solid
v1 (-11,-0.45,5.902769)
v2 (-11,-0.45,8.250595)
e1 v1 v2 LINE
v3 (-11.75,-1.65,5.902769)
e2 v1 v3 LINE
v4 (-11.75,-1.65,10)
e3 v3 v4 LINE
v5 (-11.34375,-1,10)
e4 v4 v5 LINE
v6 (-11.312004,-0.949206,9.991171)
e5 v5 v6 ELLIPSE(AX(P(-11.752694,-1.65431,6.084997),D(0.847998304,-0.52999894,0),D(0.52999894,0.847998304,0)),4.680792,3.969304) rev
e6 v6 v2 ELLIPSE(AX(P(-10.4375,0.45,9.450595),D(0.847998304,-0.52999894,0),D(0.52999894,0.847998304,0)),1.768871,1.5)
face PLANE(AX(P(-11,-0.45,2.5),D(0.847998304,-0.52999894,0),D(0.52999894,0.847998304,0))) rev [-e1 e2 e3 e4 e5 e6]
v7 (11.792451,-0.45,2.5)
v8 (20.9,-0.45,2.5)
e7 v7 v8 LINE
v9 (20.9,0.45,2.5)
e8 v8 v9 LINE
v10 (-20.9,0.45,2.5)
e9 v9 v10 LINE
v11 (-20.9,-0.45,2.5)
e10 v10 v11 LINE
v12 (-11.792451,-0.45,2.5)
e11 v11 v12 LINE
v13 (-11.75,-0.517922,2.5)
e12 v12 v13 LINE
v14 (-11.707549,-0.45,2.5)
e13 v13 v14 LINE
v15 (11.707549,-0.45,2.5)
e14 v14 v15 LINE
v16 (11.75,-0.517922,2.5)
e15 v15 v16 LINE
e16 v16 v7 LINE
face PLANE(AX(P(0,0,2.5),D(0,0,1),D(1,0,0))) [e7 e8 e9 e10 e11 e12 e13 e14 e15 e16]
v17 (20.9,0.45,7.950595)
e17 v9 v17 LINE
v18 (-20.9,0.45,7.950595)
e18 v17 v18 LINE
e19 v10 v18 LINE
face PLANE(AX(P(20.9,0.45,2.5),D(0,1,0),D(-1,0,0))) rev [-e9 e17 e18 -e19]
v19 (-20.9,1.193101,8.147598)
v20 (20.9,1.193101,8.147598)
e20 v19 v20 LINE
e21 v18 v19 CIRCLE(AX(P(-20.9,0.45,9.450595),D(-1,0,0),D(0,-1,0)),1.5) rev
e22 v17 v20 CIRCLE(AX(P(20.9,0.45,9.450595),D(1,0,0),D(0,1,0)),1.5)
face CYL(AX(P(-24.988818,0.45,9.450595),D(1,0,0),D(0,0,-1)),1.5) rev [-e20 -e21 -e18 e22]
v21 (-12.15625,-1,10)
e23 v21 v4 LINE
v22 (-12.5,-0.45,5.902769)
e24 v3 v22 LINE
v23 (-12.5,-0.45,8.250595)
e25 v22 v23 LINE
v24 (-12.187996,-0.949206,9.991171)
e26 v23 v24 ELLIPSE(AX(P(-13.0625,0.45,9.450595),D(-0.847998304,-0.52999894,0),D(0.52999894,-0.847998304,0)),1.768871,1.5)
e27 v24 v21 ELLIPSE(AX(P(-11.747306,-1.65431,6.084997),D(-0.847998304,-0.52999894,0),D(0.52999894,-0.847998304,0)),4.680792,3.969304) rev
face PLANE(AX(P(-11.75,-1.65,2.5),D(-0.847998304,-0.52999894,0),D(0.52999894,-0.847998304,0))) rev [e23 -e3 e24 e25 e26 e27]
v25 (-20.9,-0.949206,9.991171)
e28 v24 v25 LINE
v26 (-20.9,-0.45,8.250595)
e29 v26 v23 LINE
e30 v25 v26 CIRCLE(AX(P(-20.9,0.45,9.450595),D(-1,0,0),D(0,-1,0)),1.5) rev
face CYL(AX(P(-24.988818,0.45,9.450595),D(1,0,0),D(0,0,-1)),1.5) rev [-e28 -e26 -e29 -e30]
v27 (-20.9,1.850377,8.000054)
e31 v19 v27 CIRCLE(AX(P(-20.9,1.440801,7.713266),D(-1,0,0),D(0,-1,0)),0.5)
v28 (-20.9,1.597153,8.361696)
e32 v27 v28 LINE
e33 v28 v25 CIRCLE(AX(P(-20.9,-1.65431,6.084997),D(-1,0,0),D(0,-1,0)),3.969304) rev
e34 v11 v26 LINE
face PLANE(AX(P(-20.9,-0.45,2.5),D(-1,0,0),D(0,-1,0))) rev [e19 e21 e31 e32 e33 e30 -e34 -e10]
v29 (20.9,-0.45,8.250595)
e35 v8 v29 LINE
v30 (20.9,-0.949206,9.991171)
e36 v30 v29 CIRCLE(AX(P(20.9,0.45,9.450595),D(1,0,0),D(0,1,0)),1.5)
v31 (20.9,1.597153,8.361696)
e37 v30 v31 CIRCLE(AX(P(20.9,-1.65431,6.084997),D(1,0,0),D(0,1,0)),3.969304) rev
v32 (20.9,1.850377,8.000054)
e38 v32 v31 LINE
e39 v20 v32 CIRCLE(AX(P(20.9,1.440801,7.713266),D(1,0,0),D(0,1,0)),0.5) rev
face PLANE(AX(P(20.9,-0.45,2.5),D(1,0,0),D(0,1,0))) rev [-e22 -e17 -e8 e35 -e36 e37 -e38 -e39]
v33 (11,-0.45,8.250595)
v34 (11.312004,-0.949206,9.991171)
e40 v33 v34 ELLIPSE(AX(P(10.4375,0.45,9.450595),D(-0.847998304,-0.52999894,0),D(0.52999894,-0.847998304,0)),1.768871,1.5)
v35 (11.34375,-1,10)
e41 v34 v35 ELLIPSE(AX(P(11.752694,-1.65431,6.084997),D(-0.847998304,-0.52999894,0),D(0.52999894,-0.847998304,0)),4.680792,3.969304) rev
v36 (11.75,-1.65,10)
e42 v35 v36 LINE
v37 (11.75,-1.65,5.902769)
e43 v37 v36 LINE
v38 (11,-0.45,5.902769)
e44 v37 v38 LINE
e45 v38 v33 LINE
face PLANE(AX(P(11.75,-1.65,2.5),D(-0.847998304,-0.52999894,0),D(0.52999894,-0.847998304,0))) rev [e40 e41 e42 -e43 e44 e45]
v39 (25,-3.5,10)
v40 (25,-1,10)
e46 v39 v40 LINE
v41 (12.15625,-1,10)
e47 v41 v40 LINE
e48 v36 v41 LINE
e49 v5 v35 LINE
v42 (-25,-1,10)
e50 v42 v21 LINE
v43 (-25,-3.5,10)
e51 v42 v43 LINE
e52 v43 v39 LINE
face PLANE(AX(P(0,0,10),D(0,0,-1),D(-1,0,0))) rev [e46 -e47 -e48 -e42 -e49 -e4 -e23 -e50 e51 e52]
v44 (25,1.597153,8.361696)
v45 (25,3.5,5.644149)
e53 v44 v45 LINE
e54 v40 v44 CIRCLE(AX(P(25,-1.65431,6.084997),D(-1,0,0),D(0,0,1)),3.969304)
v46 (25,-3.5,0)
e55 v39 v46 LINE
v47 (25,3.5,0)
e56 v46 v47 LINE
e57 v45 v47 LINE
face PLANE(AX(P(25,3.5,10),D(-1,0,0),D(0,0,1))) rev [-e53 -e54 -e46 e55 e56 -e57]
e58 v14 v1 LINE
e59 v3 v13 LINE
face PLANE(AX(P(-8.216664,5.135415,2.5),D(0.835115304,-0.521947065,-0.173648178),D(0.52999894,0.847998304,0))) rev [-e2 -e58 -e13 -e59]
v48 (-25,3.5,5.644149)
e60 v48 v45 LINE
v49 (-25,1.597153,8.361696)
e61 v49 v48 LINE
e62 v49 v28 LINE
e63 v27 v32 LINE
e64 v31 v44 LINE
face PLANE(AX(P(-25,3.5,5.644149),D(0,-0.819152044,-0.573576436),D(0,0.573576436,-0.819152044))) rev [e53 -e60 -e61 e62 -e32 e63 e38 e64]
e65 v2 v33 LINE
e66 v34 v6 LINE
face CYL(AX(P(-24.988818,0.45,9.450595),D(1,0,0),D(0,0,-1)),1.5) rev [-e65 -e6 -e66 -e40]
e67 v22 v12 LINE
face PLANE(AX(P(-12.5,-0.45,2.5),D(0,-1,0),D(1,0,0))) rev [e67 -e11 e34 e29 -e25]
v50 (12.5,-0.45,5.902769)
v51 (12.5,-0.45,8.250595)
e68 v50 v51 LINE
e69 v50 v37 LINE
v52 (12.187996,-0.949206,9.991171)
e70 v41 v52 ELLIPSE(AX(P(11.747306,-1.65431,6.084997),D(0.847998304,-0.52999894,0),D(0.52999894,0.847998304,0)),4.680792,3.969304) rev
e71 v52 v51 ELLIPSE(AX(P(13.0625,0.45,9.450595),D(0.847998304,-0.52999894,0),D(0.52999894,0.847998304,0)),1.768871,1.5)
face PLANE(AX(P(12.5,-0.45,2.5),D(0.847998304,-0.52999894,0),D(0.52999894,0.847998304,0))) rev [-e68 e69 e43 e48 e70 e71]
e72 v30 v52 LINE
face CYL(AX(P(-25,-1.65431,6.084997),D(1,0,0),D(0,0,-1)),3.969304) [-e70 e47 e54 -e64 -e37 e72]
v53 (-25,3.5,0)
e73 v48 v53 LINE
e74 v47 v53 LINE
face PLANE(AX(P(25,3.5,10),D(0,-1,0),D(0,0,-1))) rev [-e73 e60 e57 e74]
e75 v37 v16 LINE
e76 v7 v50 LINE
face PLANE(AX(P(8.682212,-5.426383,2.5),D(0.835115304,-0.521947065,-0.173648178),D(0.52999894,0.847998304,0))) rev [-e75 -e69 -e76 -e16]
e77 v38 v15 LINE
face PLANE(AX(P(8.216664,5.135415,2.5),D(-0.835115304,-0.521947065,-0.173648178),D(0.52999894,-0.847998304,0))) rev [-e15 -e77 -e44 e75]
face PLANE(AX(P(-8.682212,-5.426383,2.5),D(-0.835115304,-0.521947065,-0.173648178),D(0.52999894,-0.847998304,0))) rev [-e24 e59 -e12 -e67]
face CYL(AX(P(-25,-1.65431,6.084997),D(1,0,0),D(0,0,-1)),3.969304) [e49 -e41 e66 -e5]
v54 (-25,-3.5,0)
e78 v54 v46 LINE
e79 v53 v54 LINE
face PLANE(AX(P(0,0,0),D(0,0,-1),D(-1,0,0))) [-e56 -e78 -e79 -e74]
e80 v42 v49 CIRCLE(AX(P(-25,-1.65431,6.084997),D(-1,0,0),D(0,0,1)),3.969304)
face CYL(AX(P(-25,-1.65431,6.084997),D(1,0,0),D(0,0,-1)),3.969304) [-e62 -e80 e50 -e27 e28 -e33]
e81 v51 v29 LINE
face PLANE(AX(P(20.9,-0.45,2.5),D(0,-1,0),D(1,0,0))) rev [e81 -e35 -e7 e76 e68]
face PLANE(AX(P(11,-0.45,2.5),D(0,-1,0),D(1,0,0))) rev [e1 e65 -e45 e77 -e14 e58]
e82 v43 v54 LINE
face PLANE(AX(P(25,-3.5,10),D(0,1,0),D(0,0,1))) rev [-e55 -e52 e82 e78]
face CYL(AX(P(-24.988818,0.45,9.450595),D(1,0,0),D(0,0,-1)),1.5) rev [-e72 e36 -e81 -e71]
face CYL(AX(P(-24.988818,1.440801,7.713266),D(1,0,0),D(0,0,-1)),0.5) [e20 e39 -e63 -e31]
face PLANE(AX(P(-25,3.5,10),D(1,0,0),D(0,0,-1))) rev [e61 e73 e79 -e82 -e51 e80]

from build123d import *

# Parameters (mm, degrees)
SKETCH_1_W                         = 50
SKETCH_1_H                         = 7
EXTRUDE_1_DEPTH                    = 10
CUT_EXTRUDE_2_DEPTH                = 7.5
CHAMFER_2_SIZE                     = 0.6
CHAMFER_2_SIZE2                    = 3.402769092
CUT_EXTRUDE_1775_DEPTH             = 28.152347965
CUT_EXTRUDE_1775_DEPTH_BACK        = 28.152347965
CUT_EXTRUDE_1975_REACH             = 29.152
CUT_EXTRUDE_1975_DIRECTION_2_REACH = 29.152


with BuildPart() as part:
    # Эскиз1 → Бобышка-Вытянуть1 (new body)
    with BuildSketch(Plane(origin=(0, 66.754264805, 0), x_dir=(-1, 0, 0), z_dir=(0, 0, 1))):
        with Locations((0, 66.754264805)):
            Rectangle(SKETCH_1_W, SKETCH_1_H)
    extrude(amount=EXTRUDE_1_DEPTH)

    # Эскиз4 → Вырез-Вытянуть2 (cut)
    with BuildSketch(Plane(origin=(0, 66.754264805, 10), x_dir=(-1, 0, 0), z_dir=(0, 0, 1))):
        Polygon((-20.9, 67.204264805), (-12.5, 67.204264805), (-11.75, 68.404264805), (-11, 67.204264805), (11, 67.204264805), (11.75, 68.404264805), (12.5, 67.204264805), (20.9, 67.204264805), (20.9, 66.304264805), (-20.9, 66.304264805), align=None)
    extrude(amount=-CUT_EXTRUDE_2_DEPTH, mode=Mode.SUBTRACT)

    # Фаска2
    chamfer_2_edges = [part.edges().sort_by_distance(p)[0] for p in [
        (11.375, -1.05, 2.5),
        (-11.375, -1.05, 2.5),
        (-12.125, -1.05, 2.5),
        (12.125, -1.05, 2.5),
    ]]
    chamfer_2_side = [part.faces().sort_by_distance(p)[0] for p in [
        (0, -0.038812785, 2.5),
    ]]
    chamfer(chamfer_2_edges, length=CHAMFER_2_SIZE, length2=CHAMFER_2_SIZE2, reference=chamfer_2_side[0])

    # Эскиз5 → Cut-Extrude 1775 (cut, two sides: drawn at the far end of the back side and taken through both)
    with BuildSketch(Plane(origin=(0, 0, 0), x_dir=(0, 0, -1), z_dir=(1, 0, 0)).offset(-CUT_EXTRUDE_1775_DEPTH_BACK)):
        with BuildLine():
            Line((-10, -1), (-10, 3.5))
            Line((-10, 3.5), (-5.644148579, 3.5))
            Line((-5.644148579, 3.5), (-8.361695911, 1.597152873))
            ThreePointArc((-8.361695911, 1.597152873), (-9.442167509, 0.463418829), (-10, -1))
        make_face()
    extrude(amount=CUT_EXTRUDE_1775_DEPTH + CUT_EXTRUDE_1775_DEPTH_BACK, mode=Mode.SUBTRACT)

    # Cut-Extrude 1975: up to this face of the body (flat: up to its plane)
    cut_extrude_1975_end = Plane(part.part.faces().sort_by_distance((-20.9, -0.004333952, 6.091884202))[0])
    # Эскиз6 → Cut-Extrude 1975 (cut, up to the picked face)
    with BuildSketch(Plane(origin=(0, 0, 0), x_dir=(0, 0, -1), z_dir=(1, 0, 0)), mode=Mode.PRIVATE) as cut_extrude_1975_sk1:
        with BuildLine():
            Line((-8.00005385, 1.85037737), (-10.83265057, -0.133028206))
            ThreePointArc((-10.83265057, -0.133028206), (-8.786352952, -0.894909941), (-8.147597927, 1.193101011))
            ThreePointArc((-8.147597927, 1.193101011), (-8.201124989, 1.550315037), (-8.00005385, 1.85037737))
        make_face()
    cut_extrude_1975_tool1 = split(extrude(cut_extrude_1975_sk1.sketch, amount=-CUT_EXTRUDE_1975_REACH, mode=Mode.PRIVATE), bisect_by=cut_extrude_1975_end, keep=Keep.BOTH, mode=Mode.PRIVATE)
    add(cut_extrude_1975_tool1.solids().sort_by(Axis((0, 0.082385, 9.170045), (-1, 0, 0)))[0], mode=Mode.SUBTRACT)

    # Cut-Extrude 1975 direction 2: up to this face of the body (flat: up to its plane)
    cut_extrude_1975_direction_2_end = Plane(part.part.faces().sort_by_distance((20.9, -0.004333952, 6.091884202))[0])
    # Эскиз6 → Cut-Extrude 1975 direction 2 (cut, up to the picked face)
    with BuildSketch(Plane(origin=(0, 0, 0), x_dir=(0, 0, -1), z_dir=(1, 0, 0)), mode=Mode.PRIVATE) as cut_extrude_1975_direction_2_sk1:
        with BuildLine():
            Line((-8.00005385, 1.85037737), (-10.83265057, -0.133028206))
            ThreePointArc((-10.83265057, -0.133028206), (-8.786352952, -0.894909941), (-8.147597927, 1.193101011))
            ThreePointArc((-8.147597927, 1.193101011), (-8.201124989, 1.550315037), (-8.00005385, 1.85037737))
        make_face()
    cut_extrude_1975_direction_2_tool1 = split(extrude(cut_extrude_1975_direction_2_sk1.sketch, amount=CUT_EXTRUDE_1975_DIRECTION_2_REACH, mode=Mode.PRIVATE), bisect_by=cut_extrude_1975_direction_2_end, keep=Keep.BOTH, mode=Mode.PRIVATE)
    add(cut_extrude_1975_direction_2_tool1.solids().sort_by(Axis((0, 0.082385, 9.170045), (1, 0, 0)))[0], mode=Mode.SUBTRACT)


solid = part.part
